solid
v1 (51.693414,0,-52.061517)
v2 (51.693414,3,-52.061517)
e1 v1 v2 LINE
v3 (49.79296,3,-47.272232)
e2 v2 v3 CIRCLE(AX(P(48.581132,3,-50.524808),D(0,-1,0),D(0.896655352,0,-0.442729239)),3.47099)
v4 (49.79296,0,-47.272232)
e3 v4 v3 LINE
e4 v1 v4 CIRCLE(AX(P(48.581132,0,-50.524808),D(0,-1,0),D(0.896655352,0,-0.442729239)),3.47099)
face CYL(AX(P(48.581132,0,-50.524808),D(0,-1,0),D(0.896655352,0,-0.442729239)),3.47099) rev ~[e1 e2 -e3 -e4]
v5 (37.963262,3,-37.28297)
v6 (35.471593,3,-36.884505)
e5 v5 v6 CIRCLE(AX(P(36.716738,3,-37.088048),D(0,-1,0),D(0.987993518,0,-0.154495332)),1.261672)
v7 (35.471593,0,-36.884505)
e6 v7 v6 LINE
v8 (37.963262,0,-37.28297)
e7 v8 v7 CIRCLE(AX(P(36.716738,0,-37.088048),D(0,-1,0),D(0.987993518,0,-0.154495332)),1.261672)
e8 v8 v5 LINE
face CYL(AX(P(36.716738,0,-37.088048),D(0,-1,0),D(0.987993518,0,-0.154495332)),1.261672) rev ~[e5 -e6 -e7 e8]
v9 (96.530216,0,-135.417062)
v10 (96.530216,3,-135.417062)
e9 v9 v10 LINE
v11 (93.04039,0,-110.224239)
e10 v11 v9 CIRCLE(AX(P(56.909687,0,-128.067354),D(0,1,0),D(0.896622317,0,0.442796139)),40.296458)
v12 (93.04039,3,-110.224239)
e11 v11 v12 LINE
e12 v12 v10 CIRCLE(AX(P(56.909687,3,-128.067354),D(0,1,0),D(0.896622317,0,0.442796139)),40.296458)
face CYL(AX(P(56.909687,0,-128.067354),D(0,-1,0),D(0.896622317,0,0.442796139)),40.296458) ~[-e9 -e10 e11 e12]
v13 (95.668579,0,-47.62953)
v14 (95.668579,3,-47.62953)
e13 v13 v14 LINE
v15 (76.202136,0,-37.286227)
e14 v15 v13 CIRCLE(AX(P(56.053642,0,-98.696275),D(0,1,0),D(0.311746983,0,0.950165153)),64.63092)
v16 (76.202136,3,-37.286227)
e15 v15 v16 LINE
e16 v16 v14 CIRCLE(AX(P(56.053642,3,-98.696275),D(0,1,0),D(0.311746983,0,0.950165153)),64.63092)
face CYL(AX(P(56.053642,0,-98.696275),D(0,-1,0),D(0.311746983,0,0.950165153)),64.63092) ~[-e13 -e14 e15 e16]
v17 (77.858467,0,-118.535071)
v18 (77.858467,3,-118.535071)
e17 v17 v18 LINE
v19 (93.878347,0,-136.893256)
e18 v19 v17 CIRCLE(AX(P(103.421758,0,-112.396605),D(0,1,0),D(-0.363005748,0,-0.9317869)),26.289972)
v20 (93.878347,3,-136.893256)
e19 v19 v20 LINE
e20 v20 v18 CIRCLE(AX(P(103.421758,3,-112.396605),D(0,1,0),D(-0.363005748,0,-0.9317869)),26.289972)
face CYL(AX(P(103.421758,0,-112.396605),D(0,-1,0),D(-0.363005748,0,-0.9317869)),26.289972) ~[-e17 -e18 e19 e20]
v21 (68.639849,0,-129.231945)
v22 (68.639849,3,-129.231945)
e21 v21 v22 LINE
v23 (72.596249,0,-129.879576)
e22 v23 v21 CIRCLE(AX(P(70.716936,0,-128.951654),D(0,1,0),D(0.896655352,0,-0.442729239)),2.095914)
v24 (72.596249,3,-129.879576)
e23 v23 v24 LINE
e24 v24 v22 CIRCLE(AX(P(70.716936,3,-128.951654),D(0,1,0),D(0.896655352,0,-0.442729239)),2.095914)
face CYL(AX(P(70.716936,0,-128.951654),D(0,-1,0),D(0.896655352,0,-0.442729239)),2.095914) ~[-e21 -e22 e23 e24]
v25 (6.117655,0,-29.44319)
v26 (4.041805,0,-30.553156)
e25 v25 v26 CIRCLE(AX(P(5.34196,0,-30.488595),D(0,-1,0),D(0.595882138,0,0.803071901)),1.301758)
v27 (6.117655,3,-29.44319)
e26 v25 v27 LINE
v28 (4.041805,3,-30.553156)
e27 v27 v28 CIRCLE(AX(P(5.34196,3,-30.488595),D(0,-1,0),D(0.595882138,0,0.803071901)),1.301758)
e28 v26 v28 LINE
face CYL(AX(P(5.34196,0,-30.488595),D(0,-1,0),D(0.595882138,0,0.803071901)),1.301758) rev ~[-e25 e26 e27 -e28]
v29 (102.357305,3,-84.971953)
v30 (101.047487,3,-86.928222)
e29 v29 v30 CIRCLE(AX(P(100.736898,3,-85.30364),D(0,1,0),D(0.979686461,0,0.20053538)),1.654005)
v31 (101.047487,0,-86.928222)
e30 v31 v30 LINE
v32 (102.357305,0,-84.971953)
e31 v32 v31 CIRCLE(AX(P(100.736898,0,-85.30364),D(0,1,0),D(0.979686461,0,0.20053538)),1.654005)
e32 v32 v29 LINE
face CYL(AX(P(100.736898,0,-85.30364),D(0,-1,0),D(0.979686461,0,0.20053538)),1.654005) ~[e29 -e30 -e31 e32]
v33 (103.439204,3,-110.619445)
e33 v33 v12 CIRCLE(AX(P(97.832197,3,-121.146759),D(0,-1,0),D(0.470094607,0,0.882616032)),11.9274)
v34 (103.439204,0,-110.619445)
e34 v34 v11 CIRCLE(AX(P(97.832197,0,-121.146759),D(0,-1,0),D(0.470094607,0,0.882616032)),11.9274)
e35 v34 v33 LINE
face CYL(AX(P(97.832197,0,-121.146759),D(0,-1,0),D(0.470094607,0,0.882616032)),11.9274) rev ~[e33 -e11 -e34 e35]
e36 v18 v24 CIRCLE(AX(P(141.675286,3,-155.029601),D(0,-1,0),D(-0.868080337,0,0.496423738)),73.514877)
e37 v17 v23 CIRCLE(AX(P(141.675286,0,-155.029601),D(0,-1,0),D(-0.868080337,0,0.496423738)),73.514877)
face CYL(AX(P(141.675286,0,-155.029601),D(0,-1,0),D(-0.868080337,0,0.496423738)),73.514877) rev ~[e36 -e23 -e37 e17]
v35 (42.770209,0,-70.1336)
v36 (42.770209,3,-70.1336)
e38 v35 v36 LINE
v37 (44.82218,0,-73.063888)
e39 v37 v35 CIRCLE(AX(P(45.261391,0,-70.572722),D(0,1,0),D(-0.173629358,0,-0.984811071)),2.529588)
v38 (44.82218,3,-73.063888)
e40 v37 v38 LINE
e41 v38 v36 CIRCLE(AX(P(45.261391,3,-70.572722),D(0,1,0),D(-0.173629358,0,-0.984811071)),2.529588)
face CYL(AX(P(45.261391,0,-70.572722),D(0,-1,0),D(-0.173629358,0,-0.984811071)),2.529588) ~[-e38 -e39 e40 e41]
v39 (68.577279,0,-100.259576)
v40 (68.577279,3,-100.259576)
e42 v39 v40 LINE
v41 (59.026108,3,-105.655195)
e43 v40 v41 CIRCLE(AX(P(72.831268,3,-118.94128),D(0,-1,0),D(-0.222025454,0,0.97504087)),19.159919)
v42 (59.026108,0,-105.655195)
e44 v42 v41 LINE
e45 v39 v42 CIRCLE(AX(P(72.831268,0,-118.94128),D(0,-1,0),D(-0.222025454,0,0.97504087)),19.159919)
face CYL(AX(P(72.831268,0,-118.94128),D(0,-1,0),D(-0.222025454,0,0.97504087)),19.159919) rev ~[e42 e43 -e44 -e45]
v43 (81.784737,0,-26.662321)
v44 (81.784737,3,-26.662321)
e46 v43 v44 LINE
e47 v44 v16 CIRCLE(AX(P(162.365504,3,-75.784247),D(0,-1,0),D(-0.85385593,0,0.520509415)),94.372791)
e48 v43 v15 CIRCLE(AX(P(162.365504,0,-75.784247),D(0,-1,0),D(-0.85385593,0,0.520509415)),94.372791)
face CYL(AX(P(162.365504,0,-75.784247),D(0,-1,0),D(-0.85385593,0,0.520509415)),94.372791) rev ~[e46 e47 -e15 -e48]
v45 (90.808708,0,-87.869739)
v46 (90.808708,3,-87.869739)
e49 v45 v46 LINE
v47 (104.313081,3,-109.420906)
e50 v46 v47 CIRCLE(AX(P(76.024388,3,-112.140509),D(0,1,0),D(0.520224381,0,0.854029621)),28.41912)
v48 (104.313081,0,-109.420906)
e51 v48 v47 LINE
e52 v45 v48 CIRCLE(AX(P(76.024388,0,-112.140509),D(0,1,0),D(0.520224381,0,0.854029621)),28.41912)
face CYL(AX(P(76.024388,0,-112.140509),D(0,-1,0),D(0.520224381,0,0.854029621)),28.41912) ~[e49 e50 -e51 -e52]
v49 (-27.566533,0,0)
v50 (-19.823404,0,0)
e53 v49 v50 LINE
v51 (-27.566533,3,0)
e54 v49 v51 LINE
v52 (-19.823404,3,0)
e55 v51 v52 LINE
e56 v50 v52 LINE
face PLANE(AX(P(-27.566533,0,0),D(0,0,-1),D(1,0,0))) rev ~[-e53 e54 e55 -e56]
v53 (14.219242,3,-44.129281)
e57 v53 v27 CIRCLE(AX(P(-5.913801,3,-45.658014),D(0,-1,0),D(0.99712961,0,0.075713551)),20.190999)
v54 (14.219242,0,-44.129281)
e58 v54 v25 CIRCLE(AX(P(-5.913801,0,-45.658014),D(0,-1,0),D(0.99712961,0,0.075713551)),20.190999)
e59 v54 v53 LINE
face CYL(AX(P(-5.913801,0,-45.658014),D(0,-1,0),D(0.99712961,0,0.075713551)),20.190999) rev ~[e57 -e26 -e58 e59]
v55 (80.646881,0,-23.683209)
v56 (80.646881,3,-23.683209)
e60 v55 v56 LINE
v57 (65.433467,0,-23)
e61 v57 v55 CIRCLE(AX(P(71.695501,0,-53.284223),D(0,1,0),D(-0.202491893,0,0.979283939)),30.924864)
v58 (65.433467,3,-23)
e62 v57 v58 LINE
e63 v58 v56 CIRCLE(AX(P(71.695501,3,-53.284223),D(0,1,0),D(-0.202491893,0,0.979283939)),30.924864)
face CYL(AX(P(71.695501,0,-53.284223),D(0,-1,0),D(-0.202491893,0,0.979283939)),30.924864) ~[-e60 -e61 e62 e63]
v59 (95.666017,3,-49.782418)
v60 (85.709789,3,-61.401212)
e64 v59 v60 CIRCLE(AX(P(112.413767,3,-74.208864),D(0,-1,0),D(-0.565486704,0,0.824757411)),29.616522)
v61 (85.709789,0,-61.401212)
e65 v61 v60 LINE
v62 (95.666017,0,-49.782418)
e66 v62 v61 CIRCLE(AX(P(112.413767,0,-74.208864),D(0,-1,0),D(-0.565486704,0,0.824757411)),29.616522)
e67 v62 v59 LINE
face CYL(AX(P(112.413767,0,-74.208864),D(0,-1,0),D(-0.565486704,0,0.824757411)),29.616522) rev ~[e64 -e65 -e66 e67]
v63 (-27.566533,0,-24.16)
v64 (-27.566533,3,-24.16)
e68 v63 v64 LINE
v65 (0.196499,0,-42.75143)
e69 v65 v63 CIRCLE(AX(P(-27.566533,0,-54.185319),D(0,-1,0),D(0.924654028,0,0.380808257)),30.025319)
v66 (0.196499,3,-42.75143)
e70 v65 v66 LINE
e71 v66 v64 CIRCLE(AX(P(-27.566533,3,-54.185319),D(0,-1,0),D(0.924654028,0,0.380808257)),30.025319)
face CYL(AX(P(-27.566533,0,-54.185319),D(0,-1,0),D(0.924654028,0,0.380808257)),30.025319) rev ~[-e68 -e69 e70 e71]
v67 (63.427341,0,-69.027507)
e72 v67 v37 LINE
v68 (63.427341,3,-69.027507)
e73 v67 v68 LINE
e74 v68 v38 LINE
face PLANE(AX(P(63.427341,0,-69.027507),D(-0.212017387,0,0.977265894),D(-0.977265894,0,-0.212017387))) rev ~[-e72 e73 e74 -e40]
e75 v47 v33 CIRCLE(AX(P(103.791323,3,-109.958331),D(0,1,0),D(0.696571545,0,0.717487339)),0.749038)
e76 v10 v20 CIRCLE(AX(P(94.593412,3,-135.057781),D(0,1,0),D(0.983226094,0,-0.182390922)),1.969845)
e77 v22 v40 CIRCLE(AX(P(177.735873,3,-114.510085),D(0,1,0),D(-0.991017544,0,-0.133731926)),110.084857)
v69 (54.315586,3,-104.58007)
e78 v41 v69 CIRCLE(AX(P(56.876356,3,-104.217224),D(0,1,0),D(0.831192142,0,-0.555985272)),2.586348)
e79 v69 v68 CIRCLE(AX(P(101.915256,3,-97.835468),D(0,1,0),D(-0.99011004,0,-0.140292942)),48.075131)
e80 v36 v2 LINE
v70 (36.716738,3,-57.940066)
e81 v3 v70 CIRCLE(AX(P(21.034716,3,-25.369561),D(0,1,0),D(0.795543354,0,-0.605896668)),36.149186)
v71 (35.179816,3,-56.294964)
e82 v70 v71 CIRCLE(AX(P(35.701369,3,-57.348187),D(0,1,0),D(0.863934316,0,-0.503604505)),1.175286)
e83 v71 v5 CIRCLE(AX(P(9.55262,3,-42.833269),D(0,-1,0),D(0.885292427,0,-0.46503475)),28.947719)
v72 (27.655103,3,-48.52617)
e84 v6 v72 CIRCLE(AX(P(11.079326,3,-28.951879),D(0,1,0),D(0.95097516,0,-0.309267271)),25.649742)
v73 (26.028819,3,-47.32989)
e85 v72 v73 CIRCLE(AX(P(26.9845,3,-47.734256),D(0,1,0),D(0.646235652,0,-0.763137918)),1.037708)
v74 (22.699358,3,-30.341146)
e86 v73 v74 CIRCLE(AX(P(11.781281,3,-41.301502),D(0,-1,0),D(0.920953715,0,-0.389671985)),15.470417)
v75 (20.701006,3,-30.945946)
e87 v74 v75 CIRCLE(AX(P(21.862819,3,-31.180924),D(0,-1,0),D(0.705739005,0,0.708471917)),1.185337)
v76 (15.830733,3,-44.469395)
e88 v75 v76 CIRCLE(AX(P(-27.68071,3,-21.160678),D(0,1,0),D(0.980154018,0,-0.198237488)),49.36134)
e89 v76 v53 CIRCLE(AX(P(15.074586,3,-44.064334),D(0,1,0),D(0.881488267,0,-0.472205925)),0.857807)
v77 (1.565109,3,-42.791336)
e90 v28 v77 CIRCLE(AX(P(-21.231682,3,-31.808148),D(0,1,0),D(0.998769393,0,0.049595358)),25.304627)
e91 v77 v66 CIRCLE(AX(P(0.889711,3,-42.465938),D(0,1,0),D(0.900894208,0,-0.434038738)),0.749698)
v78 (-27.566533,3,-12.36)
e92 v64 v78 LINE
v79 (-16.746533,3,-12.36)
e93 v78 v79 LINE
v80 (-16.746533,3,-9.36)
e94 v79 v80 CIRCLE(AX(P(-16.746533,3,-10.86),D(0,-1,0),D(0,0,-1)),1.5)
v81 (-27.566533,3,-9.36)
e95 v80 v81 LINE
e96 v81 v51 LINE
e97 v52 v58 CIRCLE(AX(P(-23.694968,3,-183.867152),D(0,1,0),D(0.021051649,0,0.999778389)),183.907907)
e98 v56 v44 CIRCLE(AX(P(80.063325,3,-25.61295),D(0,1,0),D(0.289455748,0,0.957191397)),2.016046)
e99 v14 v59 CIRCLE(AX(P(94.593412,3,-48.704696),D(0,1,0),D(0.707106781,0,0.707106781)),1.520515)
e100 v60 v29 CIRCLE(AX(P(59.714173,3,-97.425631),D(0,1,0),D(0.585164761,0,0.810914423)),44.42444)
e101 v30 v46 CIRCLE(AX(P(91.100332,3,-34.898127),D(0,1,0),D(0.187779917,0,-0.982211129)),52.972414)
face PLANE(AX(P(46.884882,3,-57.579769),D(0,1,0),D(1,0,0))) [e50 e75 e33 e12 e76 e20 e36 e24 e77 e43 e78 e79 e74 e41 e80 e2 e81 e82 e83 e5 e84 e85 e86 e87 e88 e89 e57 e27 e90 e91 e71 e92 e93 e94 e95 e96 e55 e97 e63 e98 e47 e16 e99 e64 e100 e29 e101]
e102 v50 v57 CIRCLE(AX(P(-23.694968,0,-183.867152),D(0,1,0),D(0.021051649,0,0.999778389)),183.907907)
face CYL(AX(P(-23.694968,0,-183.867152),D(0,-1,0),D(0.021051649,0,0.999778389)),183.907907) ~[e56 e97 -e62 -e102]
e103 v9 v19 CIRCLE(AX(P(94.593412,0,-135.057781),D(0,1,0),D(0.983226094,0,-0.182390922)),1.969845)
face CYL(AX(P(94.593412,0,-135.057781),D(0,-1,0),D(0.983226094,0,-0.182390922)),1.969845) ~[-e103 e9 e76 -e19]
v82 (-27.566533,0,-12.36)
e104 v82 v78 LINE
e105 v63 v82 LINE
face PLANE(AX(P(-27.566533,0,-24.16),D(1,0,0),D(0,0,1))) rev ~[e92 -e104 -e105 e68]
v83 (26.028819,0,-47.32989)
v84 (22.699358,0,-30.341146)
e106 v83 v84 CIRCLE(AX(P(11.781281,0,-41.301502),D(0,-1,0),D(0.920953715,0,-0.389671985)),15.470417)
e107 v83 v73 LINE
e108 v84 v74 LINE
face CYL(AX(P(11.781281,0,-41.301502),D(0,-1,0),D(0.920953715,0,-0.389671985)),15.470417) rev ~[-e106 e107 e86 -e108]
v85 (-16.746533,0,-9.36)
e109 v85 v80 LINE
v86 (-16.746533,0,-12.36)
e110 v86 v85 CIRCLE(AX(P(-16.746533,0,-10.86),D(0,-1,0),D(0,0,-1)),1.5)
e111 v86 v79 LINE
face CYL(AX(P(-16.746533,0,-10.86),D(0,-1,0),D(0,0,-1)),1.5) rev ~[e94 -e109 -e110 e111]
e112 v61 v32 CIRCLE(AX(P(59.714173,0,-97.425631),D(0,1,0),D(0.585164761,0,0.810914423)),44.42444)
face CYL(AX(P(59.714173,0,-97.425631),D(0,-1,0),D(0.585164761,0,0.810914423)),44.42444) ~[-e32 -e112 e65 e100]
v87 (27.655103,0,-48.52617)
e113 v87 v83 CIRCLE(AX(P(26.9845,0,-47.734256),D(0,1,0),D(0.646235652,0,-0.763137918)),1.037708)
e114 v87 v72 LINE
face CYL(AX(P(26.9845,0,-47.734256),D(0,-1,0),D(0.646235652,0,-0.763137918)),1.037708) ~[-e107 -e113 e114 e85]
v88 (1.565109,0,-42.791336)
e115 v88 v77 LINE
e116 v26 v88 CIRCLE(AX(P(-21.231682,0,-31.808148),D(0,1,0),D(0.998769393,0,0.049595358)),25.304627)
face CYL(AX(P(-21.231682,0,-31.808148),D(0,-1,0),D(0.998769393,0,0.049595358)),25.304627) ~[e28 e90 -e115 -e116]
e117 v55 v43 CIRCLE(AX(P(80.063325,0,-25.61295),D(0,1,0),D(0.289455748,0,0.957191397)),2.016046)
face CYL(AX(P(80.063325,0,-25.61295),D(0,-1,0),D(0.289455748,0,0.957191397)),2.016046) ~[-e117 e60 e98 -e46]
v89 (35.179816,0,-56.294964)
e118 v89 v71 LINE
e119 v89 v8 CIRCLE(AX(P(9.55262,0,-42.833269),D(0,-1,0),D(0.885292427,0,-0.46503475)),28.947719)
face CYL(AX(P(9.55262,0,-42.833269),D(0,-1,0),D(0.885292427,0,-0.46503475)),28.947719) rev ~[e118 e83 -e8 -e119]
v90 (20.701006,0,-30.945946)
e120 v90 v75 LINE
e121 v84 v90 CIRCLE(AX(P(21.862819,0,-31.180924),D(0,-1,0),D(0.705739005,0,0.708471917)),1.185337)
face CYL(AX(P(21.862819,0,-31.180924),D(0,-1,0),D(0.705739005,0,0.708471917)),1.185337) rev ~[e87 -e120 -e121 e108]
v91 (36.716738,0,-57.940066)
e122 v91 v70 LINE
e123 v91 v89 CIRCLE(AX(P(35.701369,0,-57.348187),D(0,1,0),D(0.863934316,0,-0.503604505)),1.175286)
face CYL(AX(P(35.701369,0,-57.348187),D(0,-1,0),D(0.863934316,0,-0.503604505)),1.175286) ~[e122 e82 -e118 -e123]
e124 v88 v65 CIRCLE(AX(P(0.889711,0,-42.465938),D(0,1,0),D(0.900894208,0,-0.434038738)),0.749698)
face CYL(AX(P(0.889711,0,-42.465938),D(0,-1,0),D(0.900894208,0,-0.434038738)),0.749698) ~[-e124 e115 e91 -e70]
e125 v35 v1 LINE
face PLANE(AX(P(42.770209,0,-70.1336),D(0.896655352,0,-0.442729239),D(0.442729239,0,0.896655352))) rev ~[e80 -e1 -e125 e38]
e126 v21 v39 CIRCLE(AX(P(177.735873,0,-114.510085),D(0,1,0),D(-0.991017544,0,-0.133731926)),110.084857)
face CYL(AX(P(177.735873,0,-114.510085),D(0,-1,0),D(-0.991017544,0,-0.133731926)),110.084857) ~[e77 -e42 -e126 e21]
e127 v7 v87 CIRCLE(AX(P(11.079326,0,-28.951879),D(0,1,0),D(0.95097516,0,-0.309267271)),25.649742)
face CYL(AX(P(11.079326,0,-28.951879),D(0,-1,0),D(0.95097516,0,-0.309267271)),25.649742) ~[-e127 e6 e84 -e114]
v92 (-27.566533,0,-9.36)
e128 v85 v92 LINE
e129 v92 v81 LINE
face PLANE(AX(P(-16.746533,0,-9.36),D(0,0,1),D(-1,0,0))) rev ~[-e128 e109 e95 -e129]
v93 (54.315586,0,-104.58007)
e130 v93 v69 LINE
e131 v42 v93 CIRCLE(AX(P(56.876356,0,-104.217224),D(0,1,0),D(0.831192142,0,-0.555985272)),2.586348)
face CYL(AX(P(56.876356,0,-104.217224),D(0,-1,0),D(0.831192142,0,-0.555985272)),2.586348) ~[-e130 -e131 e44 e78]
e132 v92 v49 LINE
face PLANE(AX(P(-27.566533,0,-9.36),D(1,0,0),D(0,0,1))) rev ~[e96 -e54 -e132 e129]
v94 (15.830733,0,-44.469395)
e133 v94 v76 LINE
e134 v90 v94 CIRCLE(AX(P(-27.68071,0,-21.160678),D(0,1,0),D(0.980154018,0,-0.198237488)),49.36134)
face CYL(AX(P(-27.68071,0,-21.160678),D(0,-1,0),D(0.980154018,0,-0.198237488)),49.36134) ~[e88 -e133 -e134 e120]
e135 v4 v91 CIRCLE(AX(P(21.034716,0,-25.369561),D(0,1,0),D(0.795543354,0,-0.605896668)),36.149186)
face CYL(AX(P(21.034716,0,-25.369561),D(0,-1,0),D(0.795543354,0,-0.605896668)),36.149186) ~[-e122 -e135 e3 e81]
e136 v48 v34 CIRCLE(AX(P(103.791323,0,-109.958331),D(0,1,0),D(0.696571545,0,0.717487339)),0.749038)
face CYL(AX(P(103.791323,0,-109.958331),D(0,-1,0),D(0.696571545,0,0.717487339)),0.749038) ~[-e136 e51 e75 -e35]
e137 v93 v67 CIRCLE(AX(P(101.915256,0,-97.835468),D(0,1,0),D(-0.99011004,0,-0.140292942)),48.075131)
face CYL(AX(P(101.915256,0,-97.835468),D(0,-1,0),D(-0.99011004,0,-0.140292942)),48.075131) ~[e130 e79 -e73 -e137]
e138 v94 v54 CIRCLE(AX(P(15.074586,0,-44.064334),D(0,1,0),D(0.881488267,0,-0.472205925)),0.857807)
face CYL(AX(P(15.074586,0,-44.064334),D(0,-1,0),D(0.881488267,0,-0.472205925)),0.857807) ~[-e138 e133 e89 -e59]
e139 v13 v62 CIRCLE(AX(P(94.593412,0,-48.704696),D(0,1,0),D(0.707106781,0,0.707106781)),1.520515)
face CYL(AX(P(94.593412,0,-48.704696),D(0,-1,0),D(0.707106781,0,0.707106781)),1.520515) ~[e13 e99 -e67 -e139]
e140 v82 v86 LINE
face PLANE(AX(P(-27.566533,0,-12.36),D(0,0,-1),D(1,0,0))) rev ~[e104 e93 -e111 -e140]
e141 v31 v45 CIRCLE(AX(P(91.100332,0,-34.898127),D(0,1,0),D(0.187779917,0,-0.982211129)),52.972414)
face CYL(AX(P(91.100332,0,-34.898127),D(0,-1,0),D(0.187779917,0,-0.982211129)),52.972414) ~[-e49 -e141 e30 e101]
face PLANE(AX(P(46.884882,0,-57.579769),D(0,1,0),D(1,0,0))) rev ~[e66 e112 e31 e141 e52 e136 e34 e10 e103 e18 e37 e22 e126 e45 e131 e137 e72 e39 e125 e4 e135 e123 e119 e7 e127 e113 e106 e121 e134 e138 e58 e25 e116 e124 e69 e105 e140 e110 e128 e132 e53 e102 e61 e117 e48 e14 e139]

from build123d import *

# Parameters (mm, degrees)
BOSS_EXTRUDE1_DEPTH = 3


with BuildPart() as part:
    # Sketch1 → Boss-Extrude1 (new body)
    with BuildSketch(Plane(origin=(0, 0, 0), x_dir=(1, 0, 0), z_dir=(0, 1, 0))):
        with BuildLine():
            Line((-27.566533023, 9.36), (-27.566533023, 0))
            Line((-27.566533023, 0), (-19.823403694, 0))
            ThreePointArc((-19.823403694, 0), (24.20597109, 6.306968985), (65.433466977, 23))
            ThreePointArc((65.433466977, 23), (73.082886665, 22.390495512), (80.646880945, 23.683208869))
            ThreePointArc((80.646880945, 23.683208869), (81.946672363, 24.893615616), (81.784737476, 26.662321164))
            ThreePointArc((81.784737476, 26.662321164), (78.82438559, 31.885442154), (76.202135766, 37.28622747))
            ThreePointArc((76.202135766, 37.28622747), (86.37958616, 41.621825), (95.668579031, 47.629529544))
            ThreePointArc((95.668579031, 47.629529544), (96.113926531, 48.706505439), (95.666017221, 49.782418412))
            ThreePointArc((95.666017221, 49.782418412), (89.924608564, 54.937742393), (85.709789242, 61.401211803))
            ThreePointArc((85.709789242, 61.401211803), (96.000732533, 71.797200989), (102.357305132, 84.971952969))
            ThreePointArc((102.357305132, 84.971952969), (102.11128314, 86.223857216), (101.047487459, 86.928222044))
            ThreePointArc((101.047487459, 86.928222044), (95.950995205, 87.647987285), (90.808707622, 87.869738741))
            ThreePointArc((90.808707622, 87.869738741), (100.106213422, 97.05037675), (104.313081391, 109.420905852))
            ThreePointArc((104.313081391, 109.420905852), (104.396564886, 110.399625231), (103.439203659, 110.619444698))
            ThreePointArc((103.439203659, 110.619444698), (98.285170112, 109.227963636), (93.040390076, 110.224238556))
            ThreePointArc((93.040390076, 110.224238556), (96.824995658, 122.538102913), (96.530215503, 135.417062479))
            ThreePointArc((96.530215503, 135.417062479), (95.551508519, 136.778926007), (93.878347384, 136.893256429))
            ThreePointArc((93.878347384, 136.893256429), (83.613278323, 129.68205398), (77.858466896, 118.535071023))
            ThreePointArc((77.858466896, 118.535071023), (74.985694546, 124.095226744), (72.596248771, 129.879576449))
            ThreePointArc((72.596248771, 129.879576449), (70.378357546, 131.020039942), (68.639848531, 129.231944623))
            ThreePointArc((68.639848531, 129.231944623), (67.651272843, 114.747827583), (68.577278714, 100.25957574))
            ThreePointArc((68.577278714, 100.25957574), (63.407288288, 102.259220756), (59.026108144, 105.655195101))
            ThreePointArc((59.026108144, 105.655195101), (56.300849607, 106.738729111), (54.315586254, 104.580069929))
            ThreePointArc((54.315586254, 104.580069929), (55.34526323, 85.900059583), (63.427341461, 69.02750694))
            Line((63.427341461, 69.02750694), (44.822180162, 73.063888147))
            ThreePointArc((44.822180162, 73.063888147), (43.189327409, 72.023710618), (42.770208924, 70.133600278))
            Line((42.770208924, 70.133600278), (51.693414268, 52.061516653))
            ThreePointArc((51.693414268, 52.061516653), (51.807398335, 49.244580753), (49.792960169, 47.272232126))
            ThreePointArc((49.792960169, 47.272232126), (43.886083409, 53.379891607), (36.716738418, 57.940065925))
            ThreePointArc((36.716738418, 57.940065925), (34.842559279, 58.150522241), (35.17981611, 56.294963797))
            ThreePointArc((35.17981611, 56.294963797), (38.195000716, 47.026649531), (37.963262453, 37.282970301))
            ThreePointArc((37.963262453, 37.282970301), (36.915972263, 35.842205611), (35.471592941, 36.884504997))
            ThreePointArc((35.471592941, 36.884504997), (32.374331301, 43.249850807), (27.655103234, 48.526169922))
            ThreePointArc((27.655103234, 48.526169922), (26.369610718, 48.570167749), (26.028819046, 47.329890419))
            ThreePointArc((26.028819046, 47.329890419), (26.962894841, 38.326203111), (22.69935772, 30.341146196))
            ThreePointArc((22.69935772, 30.341146196), (21.519458622, 30.046407872), (20.701006485, 30.9459459))
            ThreePointArc((20.701006485, 30.9459459), (18.760748853, 37.885894085), (15.830732782, 44.469395153))
            ThreePointArc((15.830732782, 44.469395153), (14.897444009, 44.903650637), (14.219241967, 44.129281378))
            ThreePointArc((14.219241967, 44.129281378), (11.765539078, 35.905199886), (6.117654668, 29.443189676))
            ThreePointArc((6.117654668, 29.443189676), (4.728143423, 29.340639166), (4.041804517, 30.553155976))
            ThreePointArc((4.041804517, 30.553155976), (3.570156048, 36.827406443), (1.56510947, 42.791336307))
            ThreePointArc((1.56510947, 42.791336307), (0.867859685, 43.215318025), (0.196498979, 42.751429503))
            ThreePointArc((0.196498979, 42.751429503), (-10.860043289, 29.237113049), (-27.566533023, 24.16))
            Line((-27.566533023, 24.16), (-27.566533023, 12.36))
            Line((-27.566533023, 12.36), (-16.746533023, 12.36))
            ThreePointArc((-16.746533023, 12.36), (-15.246533023, 10.86), (-16.746533023, 9.36))
            Line((-16.746533023, 9.36), (-27.566533023, 9.36))
        make_face()
    extrude(amount=BOSS_EXTRUDE1_DEPTH)


solid = part.part
